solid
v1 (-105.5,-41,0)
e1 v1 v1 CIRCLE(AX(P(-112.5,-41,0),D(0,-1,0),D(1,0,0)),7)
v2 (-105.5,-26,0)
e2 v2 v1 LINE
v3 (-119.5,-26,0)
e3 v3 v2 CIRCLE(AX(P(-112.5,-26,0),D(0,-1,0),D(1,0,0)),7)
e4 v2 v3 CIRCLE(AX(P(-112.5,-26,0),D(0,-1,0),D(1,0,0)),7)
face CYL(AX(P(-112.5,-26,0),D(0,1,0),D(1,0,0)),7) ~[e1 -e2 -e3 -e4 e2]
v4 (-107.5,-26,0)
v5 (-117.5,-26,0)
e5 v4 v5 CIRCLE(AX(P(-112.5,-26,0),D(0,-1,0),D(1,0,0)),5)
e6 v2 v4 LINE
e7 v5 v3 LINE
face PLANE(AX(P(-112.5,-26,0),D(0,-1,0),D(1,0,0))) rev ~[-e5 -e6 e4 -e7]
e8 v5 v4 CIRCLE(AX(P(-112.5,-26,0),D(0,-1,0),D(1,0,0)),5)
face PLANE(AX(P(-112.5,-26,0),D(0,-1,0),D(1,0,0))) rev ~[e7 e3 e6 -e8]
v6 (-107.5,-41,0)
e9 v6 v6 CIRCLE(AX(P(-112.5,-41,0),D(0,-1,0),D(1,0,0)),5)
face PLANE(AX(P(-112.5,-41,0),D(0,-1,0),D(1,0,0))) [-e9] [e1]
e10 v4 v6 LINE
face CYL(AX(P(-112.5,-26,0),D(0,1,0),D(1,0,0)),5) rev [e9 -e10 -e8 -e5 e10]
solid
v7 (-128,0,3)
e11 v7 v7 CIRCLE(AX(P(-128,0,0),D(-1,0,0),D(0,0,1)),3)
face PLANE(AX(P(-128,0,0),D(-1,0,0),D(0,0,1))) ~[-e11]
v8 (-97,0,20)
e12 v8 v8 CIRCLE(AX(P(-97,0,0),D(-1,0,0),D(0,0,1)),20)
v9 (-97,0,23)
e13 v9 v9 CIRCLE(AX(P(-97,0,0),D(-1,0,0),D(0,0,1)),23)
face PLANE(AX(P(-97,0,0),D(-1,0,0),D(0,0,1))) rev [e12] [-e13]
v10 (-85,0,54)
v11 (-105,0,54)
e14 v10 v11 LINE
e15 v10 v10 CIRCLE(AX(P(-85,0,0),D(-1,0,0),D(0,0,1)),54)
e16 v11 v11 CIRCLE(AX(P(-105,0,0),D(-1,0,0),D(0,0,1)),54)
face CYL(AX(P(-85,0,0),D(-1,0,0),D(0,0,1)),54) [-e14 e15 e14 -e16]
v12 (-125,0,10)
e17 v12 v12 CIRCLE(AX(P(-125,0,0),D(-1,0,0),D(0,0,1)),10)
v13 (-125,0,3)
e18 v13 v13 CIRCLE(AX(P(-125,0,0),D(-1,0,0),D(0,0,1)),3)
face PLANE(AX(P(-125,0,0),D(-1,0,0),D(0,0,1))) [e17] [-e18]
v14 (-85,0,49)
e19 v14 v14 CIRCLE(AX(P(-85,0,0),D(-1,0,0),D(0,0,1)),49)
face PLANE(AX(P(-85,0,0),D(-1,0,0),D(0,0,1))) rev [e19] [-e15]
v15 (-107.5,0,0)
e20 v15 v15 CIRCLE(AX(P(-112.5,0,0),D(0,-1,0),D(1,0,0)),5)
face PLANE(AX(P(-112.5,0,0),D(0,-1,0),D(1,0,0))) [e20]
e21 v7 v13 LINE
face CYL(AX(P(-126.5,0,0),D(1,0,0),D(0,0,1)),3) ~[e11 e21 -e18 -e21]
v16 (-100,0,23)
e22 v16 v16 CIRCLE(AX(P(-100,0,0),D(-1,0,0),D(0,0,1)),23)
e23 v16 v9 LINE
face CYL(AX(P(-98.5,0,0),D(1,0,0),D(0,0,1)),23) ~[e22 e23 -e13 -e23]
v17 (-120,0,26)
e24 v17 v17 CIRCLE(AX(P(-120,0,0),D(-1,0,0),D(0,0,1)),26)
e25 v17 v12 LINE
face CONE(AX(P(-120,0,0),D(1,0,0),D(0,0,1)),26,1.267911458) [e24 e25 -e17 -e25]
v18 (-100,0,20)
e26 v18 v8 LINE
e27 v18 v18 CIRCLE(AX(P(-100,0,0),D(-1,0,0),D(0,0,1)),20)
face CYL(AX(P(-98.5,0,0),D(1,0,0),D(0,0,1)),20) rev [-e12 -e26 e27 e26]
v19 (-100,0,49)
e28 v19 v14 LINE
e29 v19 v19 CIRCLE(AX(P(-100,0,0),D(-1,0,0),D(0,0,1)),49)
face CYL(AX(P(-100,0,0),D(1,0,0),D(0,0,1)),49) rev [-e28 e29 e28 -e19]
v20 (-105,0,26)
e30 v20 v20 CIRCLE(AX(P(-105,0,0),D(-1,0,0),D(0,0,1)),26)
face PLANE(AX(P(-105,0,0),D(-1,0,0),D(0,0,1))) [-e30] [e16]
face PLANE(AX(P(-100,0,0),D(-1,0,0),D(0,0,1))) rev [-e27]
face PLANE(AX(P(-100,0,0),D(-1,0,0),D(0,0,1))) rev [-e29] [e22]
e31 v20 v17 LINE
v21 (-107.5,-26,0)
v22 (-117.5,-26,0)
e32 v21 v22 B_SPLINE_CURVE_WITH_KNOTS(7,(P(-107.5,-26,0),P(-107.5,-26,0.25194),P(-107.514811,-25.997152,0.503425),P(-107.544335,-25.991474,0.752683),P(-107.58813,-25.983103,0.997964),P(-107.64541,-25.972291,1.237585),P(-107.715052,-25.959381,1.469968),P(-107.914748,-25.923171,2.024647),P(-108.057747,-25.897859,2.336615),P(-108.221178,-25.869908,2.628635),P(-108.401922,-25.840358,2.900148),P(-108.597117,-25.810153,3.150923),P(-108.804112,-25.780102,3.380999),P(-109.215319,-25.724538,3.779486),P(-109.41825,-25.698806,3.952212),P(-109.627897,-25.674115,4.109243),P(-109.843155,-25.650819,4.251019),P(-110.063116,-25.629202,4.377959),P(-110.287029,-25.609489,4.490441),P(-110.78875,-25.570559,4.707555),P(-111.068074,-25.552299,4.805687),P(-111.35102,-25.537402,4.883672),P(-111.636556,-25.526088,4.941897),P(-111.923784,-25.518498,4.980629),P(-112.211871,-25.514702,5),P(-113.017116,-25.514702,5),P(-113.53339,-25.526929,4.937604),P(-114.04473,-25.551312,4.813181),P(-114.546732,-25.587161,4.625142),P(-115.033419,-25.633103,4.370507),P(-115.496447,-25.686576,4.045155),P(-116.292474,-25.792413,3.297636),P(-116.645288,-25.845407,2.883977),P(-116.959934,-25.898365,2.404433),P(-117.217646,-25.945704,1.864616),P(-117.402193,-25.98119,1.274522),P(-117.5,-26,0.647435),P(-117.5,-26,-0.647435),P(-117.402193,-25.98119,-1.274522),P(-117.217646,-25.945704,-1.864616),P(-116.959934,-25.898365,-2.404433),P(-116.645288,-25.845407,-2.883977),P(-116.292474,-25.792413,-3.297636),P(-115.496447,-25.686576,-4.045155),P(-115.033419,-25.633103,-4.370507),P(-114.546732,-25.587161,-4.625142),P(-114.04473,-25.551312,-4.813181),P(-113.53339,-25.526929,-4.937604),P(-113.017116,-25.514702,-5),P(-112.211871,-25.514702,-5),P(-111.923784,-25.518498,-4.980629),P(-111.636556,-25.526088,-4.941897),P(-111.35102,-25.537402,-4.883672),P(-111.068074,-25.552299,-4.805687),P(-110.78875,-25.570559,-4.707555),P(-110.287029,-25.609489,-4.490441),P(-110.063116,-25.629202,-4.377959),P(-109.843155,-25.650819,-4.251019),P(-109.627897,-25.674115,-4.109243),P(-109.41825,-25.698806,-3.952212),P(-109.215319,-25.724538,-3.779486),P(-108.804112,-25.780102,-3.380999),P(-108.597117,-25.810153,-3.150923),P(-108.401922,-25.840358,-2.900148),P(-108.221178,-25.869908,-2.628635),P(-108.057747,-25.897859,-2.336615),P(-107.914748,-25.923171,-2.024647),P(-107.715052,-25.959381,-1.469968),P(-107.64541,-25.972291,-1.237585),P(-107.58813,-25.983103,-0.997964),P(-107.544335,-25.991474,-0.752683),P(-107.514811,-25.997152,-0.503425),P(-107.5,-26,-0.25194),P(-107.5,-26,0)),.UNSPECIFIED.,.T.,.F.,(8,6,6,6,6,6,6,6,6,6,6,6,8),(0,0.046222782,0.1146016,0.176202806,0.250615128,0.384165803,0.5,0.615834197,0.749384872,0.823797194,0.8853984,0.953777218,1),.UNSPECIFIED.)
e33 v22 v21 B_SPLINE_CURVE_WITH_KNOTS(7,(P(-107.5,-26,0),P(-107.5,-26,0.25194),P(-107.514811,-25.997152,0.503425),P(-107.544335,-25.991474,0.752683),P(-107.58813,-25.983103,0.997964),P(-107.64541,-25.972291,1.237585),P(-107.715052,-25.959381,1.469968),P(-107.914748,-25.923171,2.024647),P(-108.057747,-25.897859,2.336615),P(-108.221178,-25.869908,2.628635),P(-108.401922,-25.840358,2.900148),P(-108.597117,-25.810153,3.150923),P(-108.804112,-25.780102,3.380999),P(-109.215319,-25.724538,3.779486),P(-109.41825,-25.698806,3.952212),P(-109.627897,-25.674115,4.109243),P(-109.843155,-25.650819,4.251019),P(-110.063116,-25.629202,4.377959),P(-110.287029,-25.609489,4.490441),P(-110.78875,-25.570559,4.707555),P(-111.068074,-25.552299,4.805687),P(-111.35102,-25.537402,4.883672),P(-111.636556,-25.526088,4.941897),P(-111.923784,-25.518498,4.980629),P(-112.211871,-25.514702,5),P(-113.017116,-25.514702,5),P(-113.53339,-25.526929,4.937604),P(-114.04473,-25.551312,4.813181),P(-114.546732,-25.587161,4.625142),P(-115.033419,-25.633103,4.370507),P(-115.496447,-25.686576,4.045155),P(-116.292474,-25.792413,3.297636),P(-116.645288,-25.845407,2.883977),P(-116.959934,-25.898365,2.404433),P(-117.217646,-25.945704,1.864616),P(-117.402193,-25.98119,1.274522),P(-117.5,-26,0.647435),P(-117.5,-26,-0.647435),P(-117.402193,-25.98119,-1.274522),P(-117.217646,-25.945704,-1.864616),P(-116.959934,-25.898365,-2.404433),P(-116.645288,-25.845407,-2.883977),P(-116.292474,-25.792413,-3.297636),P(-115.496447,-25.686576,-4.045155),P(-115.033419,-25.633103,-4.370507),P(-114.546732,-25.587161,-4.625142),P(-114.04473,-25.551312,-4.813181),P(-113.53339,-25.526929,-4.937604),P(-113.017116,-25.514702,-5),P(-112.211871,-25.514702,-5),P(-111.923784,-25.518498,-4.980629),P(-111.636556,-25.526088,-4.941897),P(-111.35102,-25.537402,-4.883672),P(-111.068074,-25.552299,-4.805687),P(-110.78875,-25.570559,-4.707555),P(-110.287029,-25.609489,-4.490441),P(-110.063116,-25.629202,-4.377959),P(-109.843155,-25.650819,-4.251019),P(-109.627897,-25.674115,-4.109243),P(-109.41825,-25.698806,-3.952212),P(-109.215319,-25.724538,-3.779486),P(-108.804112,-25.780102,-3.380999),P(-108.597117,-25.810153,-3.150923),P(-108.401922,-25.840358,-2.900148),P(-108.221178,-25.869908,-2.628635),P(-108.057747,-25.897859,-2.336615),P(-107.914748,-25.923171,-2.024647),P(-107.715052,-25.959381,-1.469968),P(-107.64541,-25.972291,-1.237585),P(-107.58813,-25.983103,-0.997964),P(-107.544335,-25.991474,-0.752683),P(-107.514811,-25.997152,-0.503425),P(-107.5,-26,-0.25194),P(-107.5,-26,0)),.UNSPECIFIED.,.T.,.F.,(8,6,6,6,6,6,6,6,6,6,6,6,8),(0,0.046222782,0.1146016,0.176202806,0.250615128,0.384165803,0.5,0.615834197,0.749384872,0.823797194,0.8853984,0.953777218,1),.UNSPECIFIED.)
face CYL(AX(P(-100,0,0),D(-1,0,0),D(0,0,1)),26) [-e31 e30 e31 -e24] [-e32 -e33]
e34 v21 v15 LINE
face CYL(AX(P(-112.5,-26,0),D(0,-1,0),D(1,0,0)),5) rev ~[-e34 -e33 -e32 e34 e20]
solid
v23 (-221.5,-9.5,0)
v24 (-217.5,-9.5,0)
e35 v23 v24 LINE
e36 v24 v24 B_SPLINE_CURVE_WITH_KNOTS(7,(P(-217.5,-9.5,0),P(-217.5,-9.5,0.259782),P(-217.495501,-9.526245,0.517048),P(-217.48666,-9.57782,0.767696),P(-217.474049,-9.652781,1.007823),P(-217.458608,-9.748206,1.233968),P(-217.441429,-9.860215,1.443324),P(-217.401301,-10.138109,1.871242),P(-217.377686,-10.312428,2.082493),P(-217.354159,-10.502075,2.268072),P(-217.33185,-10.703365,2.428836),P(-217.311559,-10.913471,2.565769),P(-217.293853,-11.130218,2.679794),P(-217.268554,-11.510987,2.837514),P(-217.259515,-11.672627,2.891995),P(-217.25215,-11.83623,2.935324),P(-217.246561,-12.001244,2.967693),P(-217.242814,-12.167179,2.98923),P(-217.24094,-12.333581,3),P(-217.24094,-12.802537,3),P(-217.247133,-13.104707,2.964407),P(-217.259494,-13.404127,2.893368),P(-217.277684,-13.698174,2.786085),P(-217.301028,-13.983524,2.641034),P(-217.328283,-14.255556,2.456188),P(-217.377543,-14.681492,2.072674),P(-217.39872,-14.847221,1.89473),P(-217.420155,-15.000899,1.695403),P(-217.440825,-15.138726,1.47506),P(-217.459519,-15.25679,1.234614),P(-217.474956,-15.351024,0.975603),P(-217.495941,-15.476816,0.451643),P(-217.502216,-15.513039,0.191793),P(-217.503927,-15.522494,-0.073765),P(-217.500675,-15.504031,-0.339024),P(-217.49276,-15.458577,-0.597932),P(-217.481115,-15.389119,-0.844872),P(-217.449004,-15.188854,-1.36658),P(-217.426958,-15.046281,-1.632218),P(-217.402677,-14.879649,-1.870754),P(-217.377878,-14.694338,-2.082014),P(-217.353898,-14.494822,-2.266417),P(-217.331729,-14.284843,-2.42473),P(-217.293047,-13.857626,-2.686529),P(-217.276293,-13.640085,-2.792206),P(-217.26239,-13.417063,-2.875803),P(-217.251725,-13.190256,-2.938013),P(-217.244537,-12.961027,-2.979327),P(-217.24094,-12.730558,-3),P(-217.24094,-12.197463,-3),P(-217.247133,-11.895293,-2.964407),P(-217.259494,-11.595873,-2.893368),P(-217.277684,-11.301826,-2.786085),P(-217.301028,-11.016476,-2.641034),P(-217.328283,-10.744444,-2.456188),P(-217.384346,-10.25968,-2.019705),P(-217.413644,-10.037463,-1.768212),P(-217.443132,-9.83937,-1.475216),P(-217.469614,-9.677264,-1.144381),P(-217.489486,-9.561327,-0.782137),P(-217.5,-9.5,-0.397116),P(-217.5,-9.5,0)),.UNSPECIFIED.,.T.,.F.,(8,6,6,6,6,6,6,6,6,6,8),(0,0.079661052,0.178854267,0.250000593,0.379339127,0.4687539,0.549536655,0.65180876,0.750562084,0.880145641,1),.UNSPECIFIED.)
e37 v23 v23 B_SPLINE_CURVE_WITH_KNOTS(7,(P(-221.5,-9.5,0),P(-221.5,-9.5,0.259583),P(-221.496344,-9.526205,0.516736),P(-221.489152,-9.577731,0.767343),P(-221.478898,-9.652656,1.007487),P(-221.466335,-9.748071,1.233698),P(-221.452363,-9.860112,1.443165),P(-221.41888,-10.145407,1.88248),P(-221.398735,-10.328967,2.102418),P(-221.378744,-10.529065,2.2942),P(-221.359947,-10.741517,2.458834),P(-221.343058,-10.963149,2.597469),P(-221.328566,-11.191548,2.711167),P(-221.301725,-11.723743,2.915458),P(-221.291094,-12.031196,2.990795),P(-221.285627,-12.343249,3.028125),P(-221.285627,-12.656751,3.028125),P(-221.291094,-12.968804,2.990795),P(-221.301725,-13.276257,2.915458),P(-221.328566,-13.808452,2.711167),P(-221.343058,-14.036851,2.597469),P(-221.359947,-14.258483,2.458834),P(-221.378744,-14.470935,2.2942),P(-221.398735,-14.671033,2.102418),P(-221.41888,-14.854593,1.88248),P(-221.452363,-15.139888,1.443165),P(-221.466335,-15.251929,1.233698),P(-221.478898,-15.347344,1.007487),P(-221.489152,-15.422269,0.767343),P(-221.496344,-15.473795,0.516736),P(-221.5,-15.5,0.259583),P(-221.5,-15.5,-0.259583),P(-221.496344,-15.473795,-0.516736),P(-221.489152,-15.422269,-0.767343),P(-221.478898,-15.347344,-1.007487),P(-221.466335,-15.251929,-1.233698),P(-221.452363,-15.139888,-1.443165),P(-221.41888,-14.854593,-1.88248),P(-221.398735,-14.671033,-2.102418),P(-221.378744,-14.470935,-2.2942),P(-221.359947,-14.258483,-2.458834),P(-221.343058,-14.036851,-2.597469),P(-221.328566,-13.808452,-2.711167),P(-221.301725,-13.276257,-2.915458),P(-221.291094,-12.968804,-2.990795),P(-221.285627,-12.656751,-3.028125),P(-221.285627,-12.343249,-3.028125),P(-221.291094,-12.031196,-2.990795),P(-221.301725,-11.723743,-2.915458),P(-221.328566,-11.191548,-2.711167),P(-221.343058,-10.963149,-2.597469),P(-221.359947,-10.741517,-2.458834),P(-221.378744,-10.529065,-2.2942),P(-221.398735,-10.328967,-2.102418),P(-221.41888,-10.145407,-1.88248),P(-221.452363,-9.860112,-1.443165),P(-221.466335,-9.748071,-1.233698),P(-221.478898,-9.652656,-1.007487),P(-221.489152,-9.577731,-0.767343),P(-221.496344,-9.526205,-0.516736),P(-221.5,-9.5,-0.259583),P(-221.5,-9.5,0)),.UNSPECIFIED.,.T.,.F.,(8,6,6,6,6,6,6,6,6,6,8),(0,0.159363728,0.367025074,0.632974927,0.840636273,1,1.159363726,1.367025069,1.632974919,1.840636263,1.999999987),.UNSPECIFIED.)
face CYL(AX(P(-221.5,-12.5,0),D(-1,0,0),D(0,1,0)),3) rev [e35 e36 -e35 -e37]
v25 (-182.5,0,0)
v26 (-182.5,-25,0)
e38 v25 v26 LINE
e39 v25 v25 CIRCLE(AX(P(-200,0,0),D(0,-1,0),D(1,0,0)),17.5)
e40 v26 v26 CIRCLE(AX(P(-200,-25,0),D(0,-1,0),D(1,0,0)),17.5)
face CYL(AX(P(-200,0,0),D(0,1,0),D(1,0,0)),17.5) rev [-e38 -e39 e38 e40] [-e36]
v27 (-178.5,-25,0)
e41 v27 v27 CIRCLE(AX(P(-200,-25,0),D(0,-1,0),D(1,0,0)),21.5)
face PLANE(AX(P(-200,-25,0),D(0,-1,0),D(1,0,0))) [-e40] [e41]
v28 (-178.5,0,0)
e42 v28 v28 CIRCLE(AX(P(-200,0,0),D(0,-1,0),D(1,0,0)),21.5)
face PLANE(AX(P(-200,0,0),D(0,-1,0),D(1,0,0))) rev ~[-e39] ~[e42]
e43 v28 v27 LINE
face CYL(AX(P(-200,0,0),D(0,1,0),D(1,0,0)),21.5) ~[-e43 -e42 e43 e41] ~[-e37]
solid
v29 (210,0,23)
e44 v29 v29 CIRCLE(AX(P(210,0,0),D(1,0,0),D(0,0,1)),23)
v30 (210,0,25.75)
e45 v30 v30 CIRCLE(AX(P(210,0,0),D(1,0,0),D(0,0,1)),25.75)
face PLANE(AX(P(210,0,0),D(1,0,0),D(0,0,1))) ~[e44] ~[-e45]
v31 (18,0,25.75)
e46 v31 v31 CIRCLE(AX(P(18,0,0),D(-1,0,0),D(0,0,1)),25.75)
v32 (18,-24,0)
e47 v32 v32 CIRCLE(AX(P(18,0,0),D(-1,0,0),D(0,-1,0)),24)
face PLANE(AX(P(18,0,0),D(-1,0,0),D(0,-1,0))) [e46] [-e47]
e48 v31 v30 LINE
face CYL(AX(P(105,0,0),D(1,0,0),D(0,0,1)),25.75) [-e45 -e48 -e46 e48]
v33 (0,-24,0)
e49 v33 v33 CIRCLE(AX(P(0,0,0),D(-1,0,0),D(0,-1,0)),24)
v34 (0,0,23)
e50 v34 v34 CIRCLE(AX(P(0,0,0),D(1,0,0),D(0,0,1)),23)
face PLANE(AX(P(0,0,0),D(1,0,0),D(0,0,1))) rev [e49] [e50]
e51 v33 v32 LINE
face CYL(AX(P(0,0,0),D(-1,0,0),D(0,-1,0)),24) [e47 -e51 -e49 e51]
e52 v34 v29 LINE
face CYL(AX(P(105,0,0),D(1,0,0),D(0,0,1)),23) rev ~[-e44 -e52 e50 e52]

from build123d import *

# Parameters (mm, degrees)
F0_W      = 210
F0_H      = 2.75
F2_R      = 25.75
F2_R_2    = 24
F3_DEPTH  = 18
F4_W      = 3
F4_H      = 3
F7_R      = 7
F7_R_2    = 5
F8_DEPTH  = 15
F9_R      = 5
F10_DEPTH = 26
F11_R     = 21.5
F11_R_2   = 17.5
F12_DEPTH = 25
F14_R     = 3
F15_DEPTH = 6


with BuildPart() as f1:
    # F0 (on Front) → F1 (revolve)
    with BuildSketch(Plane.XZ):
        with Locations((105, 24.375)):
            Rectangle(F0_W, F0_H)
    revolve(axis=Axis((50, 0, 0), (1, 0, 0)))

    # F2 (on face) → F3 (cut)
    with BuildSketch(Plane(origin=(0, 0, 0), x_dir=(0, -1, 0), z_dir=(-1, 0, 0))):
        Circle(F2_R)
        Circle(F2_R_2, mode=Mode.SUBTRACT)
    extrude(amount=-F3_DEPTH, mode=Mode.SUBTRACT)


with BuildPart() as f5:
    # F4 (on Front) → F5 (revolve)
    with BuildSketch(Plane.XZ):
        Polygon((-125, 0), (-100, 0), (-100, 20), (-100, 23), (-100, 26), (-105, 26), (-120, 26), (-125, 10), (-125, 3), align=None)
        with Locations((-98.5, 21.5)):
            Rectangle(F4_W, F4_H)
        with Locations((-126.5, 1.5)):
            Rectangle(F4_W, F4_H)
        Polygon((-105, 26), (-100, 26), (-100, 49), (-85, 49), (-85, 54), (-105, 54), align=None)
    revolve(axis=Axis((-112.5, 0, 0), (-1, 0, 0)))

    # F7 (on offset) → F8 (join)
    with BuildSketch(Plane.XZ.offset(26)):
        with Locations((-112.5, 0)):
            Circle(F7_R)
        with Locations((-112.5, 0)):
            Circle(F7_R_2, mode=Mode.SUBTRACT)
    extrude(amount=F8_DEPTH)

    # F9 (on offset) → F10 (cut)
    with BuildSketch(Plane.XZ.offset(26)):
        with Locations((-112.5, 0)):
            Circle(F9_R)
    extrude(amount=-F10_DEPTH, mode=Mode.SUBTRACT)


with BuildPart() as f12:
    # F11 (on Front) → F12 (new body)
    with BuildSketch(Plane.XZ):
        with Locations((-200, 0)):
            Circle(F11_R)
        with Locations((-200, 0)):
            Circle(F11_R_2, mode=Mode.SUBTRACT)
    extrude(amount=F12_DEPTH)

    # F14 (on offset) → F15 (cut)
    with BuildSketch(Plane.YZ.offset(-221.5)):
        with Locations((-12.5, 0)):
            Circle(F14_R)
    extrude(amount=F15_DEPTH, mode=Mode.SUBTRACT)


solid = Compound([f1.part, f5.part, f12.part])
